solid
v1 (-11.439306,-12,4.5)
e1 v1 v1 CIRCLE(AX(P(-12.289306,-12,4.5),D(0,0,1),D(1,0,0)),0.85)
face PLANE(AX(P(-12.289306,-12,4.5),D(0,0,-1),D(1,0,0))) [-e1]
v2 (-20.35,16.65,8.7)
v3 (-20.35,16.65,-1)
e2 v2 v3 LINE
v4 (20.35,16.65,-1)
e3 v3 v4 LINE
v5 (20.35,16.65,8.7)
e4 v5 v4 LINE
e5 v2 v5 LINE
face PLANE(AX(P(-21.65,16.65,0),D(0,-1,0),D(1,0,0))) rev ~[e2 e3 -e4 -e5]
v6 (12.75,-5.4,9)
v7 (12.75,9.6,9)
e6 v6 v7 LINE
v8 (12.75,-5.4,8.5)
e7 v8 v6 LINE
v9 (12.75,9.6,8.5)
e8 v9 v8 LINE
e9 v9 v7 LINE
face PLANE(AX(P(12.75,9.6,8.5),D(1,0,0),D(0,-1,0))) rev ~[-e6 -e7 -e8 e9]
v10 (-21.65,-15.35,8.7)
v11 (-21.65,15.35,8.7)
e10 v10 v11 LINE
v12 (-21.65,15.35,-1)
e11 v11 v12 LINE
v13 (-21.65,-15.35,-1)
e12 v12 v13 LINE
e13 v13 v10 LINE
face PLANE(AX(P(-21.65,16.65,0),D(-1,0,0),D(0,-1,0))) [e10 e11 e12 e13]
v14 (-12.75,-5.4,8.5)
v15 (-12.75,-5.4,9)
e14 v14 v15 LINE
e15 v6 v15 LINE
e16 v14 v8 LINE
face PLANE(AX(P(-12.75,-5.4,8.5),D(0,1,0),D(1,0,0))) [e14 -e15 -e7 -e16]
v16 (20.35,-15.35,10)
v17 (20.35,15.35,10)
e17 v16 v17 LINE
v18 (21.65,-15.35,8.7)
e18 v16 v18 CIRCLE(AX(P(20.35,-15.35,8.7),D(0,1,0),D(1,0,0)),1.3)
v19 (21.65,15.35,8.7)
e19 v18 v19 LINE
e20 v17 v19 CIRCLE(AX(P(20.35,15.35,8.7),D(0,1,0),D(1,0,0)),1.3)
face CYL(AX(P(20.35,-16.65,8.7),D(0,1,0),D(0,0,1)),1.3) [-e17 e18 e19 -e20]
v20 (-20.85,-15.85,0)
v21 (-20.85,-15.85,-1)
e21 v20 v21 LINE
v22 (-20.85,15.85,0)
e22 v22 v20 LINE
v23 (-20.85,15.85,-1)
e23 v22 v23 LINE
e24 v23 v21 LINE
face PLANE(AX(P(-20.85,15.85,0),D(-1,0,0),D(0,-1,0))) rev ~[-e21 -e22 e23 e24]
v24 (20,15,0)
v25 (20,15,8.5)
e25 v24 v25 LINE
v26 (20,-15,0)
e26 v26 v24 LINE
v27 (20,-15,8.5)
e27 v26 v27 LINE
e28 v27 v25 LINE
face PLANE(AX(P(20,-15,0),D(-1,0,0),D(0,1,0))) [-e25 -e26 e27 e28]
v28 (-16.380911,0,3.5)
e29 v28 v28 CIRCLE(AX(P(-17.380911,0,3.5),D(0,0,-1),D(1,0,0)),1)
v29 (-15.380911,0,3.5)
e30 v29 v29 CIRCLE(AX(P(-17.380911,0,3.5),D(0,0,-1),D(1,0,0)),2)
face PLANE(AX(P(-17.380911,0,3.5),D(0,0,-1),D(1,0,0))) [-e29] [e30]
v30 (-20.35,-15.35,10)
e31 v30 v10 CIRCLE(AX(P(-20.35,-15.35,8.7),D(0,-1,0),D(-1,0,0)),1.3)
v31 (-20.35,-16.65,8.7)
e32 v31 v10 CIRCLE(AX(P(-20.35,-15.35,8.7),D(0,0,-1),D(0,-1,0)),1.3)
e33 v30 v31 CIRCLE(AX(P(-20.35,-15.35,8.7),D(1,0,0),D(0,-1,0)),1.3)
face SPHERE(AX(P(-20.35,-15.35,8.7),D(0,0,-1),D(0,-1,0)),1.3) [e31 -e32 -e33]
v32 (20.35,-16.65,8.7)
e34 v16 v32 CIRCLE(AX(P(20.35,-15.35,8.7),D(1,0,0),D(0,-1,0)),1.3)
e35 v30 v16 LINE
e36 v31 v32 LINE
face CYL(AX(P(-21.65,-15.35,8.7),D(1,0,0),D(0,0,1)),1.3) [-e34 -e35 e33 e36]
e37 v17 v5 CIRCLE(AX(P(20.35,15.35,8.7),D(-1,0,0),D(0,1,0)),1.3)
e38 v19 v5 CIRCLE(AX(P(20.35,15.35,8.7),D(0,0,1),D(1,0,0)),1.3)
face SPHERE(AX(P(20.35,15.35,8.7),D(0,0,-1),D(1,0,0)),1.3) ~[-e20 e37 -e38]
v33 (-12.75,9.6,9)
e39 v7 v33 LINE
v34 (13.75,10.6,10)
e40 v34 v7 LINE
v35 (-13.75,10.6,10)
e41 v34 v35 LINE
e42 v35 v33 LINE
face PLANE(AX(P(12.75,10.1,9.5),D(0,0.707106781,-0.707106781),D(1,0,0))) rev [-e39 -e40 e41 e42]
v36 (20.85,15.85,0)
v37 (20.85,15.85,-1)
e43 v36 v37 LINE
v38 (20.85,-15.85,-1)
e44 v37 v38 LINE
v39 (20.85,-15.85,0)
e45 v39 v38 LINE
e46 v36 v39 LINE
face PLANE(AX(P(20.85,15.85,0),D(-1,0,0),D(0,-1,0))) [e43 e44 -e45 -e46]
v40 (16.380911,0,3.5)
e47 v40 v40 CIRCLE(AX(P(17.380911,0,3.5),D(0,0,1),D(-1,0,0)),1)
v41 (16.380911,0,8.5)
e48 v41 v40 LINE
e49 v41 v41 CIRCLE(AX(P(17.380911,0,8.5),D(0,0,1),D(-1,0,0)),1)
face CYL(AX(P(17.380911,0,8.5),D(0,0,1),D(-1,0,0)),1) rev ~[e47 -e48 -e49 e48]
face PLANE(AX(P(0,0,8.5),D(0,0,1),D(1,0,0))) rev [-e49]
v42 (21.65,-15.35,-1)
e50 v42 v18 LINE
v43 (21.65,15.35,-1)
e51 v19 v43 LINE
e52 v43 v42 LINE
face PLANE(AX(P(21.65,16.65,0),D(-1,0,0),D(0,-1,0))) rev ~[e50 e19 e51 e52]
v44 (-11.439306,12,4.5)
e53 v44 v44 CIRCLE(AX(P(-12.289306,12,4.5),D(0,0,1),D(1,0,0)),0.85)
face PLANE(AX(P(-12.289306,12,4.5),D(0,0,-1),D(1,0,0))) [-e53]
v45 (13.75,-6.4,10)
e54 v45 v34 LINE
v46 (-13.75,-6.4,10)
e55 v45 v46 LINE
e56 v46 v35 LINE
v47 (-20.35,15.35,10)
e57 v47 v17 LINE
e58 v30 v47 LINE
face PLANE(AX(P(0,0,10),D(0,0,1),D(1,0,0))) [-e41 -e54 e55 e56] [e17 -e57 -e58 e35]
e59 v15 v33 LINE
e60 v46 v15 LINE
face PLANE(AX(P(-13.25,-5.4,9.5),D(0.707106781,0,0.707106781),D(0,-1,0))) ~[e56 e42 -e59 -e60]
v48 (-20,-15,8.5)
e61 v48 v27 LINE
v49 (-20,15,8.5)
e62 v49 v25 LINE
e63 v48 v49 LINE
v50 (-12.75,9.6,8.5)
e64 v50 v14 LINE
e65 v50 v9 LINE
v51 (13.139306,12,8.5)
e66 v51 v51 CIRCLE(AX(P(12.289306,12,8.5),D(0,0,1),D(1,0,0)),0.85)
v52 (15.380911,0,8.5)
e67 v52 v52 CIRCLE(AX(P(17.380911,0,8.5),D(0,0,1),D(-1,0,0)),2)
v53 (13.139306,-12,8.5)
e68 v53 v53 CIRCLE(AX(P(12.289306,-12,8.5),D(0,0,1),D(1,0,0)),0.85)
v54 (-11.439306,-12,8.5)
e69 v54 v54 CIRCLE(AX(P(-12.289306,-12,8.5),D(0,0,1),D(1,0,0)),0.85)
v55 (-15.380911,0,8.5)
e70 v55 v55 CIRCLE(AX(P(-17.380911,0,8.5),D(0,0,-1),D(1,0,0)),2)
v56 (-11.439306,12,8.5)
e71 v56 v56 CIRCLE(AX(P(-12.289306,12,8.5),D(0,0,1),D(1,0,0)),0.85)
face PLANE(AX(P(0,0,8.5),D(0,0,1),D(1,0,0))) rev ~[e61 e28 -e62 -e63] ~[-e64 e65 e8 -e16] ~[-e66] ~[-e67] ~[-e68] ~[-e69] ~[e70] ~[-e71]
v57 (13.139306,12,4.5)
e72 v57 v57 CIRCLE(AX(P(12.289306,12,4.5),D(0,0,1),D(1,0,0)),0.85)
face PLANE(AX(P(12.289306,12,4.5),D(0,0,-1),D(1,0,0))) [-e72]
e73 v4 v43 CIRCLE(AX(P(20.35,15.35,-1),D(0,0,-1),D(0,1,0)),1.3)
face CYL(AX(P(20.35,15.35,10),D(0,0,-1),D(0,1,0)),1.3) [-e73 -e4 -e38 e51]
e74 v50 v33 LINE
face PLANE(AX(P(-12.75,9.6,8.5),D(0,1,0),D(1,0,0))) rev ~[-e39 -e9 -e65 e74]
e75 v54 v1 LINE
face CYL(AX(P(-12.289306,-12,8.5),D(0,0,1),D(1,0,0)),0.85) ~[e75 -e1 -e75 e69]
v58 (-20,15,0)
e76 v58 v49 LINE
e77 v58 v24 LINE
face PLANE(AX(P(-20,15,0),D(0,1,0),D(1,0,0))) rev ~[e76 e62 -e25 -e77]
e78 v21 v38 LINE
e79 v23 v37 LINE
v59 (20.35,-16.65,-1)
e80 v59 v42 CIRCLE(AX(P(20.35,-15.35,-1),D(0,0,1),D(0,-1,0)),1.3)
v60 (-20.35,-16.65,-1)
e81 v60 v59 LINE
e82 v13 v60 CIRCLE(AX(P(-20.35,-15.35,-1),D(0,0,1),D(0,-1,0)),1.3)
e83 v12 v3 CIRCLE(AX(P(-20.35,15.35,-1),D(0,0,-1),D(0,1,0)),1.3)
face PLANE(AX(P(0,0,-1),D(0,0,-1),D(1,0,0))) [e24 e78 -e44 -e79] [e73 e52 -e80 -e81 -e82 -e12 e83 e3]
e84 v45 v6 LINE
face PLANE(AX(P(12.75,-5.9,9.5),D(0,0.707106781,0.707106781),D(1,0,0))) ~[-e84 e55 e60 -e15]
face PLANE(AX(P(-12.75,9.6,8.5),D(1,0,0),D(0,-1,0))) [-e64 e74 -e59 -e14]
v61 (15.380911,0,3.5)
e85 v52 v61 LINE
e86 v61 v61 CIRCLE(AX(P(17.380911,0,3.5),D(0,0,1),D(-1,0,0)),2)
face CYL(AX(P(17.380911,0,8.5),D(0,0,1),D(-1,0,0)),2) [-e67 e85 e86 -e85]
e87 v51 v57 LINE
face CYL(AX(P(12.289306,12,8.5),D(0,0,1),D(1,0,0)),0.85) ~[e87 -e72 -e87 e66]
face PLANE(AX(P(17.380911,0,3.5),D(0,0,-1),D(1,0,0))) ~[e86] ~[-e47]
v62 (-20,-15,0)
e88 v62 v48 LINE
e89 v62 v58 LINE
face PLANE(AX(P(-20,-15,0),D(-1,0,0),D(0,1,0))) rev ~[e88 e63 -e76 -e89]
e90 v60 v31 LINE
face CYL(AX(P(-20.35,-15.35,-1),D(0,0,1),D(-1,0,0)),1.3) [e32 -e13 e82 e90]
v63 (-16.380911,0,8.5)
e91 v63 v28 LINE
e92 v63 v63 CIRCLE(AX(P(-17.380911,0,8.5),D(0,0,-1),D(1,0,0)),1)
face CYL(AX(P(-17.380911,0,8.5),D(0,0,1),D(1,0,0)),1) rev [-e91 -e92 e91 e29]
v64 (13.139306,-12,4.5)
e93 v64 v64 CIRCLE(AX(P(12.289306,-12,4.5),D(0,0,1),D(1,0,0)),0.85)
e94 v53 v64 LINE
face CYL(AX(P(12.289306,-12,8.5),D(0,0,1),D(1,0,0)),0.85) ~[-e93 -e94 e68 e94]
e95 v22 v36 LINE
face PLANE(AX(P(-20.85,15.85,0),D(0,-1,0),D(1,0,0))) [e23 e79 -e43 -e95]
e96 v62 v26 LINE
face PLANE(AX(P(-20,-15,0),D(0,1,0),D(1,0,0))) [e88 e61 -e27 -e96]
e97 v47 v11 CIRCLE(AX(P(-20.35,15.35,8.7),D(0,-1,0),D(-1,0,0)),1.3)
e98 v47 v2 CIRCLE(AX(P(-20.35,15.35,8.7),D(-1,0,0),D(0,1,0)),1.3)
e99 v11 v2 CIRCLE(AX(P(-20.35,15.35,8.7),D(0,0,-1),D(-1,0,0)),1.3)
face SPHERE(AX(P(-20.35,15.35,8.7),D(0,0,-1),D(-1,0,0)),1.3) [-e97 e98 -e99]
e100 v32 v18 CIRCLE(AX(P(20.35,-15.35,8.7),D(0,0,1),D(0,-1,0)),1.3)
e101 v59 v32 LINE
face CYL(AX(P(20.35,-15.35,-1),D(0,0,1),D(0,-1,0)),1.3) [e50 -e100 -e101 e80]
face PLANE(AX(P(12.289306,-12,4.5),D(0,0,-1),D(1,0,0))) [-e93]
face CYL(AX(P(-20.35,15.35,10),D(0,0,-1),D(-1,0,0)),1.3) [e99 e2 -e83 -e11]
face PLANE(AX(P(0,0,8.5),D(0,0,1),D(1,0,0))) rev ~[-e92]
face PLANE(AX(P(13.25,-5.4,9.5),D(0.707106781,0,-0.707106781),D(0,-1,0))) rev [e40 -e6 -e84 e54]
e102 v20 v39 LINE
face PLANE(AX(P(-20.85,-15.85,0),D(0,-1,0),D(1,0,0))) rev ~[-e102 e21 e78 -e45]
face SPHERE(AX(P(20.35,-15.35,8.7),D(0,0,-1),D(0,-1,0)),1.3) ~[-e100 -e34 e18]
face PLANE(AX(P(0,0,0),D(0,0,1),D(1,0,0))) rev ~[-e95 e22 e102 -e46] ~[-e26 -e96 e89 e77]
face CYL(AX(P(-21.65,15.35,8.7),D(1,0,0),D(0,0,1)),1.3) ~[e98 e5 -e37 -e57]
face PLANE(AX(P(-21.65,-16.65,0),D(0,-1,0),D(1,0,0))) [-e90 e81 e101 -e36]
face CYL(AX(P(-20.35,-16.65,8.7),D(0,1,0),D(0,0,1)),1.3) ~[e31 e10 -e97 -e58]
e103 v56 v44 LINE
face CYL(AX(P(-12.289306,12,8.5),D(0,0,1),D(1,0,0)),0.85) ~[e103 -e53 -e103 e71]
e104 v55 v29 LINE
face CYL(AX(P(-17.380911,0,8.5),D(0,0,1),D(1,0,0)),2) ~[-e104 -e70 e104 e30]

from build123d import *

# Parameters (mm, degrees)
F0_W      = 43.3
F0_H      = 33.3
F1_DEPTH  = 10
F2_W      = 40
F2_H      = 30
F3_DEPTH  = 8.5
F4_W      = 25.5
F4_H      = 15
F5_DEPTH  = 25
F4_R      = 0.85
F6_DEPTH  = 4
F7_W      = 43.3
F7_H      = 33.3
F7_W_2    = 41.7
F7_H_2    = 31.7
F8_DEPTH  = 1
F9_R      = 2
F9_R_2    = 1
F10_DEPTH = 5
F12_SIZE  = 1
F13_R     = 1.3


with BuildPart() as f1:
    # F0 (on Top) → F1 (new body)
    with BuildSketch(Plane.XY):
        Rectangle(F0_W, F0_H)
    extrude(amount=F1_DEPTH)

    # F2 (on face) → F3 (cut)
    with BuildSketch(Plane.XY):
        Rectangle(F2_W, F2_H)
    extrude(amount=F3_DEPTH, mode=Mode.SUBTRACT)

    # F4 (on face) → F5 (cut)
    with BuildSketch(Plane(origin=(0, 0, 8.5), x_dir=(1, 0, 0), z_dir=(0, 0, -1))):
        with Locations((0, -2.1)):
            Rectangle(F4_W, F4_H)
    extrude(amount=-F5_DEPTH, mode=Mode.SUBTRACT)

    # F4 (on face) → F6 (join)
    with BuildSketch(Plane(origin=(0, 0, 8.5), x_dir=(1, 0, 0), z_dir=(0, 0, -1))):
        with Locations((12.2893061021, 12)):
            Circle(F4_R)
        with Locations((-12.2893061021, 12)):
            Circle(F4_R)
        with Locations((-12.2893061021, -12)):
            Circle(F4_R)
        with Locations((12.2893061021, -12)):
            Circle(F4_R)
    extrude(amount=F6_DEPTH)

    # F7 (on face) → F8 (join)
    with BuildSketch(Plane(origin=(0, 0, 0), x_dir=(1, 0, 0), z_dir=(0, 0, -1))):
        Rectangle(F7_W, F7_H)
        Rectangle(F7_W_2, F7_H_2, mode=Mode.SUBTRACT)
    extrude(amount=F8_DEPTH)

    # F9 (on face) → F10 (join)
    with BuildSketch(Plane(origin=(0, 0, 8.5), x_dir=(1, 0, 0), z_dir=(0, 0, -1))):
        with Locations((-17.3809109858, 0)):
            Circle(F9_R)
        with Locations((-17.3809109858, 0)):
            Circle(F9_R_2, mode=Mode.SUBTRACT)
    extrude(amount=F10_DEPTH)

    # F11: F1 across plane


with BuildPart() as f1_1:
    add(f1.part)
    add(f1.part.mirror(Plane.YZ))

    # F12
    f12_edges = [f1_1.edges().sort_by_distance(p)[0] for p in [
        (0, 9.6, 10),
        (-12.75, 2.1, 10),
        (0, -5.4, 10),
        (12.75, 2.1, 10),
    ]]
    chamfer(f12_edges, length=F12_SIZE)

    # F13
    f13_edges = [f1_1.edges().sort_by_distance(p)[0] for p in [
        (-21.65, 16.65, 4.5),
        (21.65, 16.65, 4.5),
        (21.65, -16.65, 4.5),
        (-21.65, -16.65, 4.5),
        (0, -16.65, 10),
        (-21.65, 0, 10),
        (21.65, 0, 10),
        (0, 16.65, 10),
    ]]
    fillet(f13_edges, radius=F13_R)


solid = f1_1.part
